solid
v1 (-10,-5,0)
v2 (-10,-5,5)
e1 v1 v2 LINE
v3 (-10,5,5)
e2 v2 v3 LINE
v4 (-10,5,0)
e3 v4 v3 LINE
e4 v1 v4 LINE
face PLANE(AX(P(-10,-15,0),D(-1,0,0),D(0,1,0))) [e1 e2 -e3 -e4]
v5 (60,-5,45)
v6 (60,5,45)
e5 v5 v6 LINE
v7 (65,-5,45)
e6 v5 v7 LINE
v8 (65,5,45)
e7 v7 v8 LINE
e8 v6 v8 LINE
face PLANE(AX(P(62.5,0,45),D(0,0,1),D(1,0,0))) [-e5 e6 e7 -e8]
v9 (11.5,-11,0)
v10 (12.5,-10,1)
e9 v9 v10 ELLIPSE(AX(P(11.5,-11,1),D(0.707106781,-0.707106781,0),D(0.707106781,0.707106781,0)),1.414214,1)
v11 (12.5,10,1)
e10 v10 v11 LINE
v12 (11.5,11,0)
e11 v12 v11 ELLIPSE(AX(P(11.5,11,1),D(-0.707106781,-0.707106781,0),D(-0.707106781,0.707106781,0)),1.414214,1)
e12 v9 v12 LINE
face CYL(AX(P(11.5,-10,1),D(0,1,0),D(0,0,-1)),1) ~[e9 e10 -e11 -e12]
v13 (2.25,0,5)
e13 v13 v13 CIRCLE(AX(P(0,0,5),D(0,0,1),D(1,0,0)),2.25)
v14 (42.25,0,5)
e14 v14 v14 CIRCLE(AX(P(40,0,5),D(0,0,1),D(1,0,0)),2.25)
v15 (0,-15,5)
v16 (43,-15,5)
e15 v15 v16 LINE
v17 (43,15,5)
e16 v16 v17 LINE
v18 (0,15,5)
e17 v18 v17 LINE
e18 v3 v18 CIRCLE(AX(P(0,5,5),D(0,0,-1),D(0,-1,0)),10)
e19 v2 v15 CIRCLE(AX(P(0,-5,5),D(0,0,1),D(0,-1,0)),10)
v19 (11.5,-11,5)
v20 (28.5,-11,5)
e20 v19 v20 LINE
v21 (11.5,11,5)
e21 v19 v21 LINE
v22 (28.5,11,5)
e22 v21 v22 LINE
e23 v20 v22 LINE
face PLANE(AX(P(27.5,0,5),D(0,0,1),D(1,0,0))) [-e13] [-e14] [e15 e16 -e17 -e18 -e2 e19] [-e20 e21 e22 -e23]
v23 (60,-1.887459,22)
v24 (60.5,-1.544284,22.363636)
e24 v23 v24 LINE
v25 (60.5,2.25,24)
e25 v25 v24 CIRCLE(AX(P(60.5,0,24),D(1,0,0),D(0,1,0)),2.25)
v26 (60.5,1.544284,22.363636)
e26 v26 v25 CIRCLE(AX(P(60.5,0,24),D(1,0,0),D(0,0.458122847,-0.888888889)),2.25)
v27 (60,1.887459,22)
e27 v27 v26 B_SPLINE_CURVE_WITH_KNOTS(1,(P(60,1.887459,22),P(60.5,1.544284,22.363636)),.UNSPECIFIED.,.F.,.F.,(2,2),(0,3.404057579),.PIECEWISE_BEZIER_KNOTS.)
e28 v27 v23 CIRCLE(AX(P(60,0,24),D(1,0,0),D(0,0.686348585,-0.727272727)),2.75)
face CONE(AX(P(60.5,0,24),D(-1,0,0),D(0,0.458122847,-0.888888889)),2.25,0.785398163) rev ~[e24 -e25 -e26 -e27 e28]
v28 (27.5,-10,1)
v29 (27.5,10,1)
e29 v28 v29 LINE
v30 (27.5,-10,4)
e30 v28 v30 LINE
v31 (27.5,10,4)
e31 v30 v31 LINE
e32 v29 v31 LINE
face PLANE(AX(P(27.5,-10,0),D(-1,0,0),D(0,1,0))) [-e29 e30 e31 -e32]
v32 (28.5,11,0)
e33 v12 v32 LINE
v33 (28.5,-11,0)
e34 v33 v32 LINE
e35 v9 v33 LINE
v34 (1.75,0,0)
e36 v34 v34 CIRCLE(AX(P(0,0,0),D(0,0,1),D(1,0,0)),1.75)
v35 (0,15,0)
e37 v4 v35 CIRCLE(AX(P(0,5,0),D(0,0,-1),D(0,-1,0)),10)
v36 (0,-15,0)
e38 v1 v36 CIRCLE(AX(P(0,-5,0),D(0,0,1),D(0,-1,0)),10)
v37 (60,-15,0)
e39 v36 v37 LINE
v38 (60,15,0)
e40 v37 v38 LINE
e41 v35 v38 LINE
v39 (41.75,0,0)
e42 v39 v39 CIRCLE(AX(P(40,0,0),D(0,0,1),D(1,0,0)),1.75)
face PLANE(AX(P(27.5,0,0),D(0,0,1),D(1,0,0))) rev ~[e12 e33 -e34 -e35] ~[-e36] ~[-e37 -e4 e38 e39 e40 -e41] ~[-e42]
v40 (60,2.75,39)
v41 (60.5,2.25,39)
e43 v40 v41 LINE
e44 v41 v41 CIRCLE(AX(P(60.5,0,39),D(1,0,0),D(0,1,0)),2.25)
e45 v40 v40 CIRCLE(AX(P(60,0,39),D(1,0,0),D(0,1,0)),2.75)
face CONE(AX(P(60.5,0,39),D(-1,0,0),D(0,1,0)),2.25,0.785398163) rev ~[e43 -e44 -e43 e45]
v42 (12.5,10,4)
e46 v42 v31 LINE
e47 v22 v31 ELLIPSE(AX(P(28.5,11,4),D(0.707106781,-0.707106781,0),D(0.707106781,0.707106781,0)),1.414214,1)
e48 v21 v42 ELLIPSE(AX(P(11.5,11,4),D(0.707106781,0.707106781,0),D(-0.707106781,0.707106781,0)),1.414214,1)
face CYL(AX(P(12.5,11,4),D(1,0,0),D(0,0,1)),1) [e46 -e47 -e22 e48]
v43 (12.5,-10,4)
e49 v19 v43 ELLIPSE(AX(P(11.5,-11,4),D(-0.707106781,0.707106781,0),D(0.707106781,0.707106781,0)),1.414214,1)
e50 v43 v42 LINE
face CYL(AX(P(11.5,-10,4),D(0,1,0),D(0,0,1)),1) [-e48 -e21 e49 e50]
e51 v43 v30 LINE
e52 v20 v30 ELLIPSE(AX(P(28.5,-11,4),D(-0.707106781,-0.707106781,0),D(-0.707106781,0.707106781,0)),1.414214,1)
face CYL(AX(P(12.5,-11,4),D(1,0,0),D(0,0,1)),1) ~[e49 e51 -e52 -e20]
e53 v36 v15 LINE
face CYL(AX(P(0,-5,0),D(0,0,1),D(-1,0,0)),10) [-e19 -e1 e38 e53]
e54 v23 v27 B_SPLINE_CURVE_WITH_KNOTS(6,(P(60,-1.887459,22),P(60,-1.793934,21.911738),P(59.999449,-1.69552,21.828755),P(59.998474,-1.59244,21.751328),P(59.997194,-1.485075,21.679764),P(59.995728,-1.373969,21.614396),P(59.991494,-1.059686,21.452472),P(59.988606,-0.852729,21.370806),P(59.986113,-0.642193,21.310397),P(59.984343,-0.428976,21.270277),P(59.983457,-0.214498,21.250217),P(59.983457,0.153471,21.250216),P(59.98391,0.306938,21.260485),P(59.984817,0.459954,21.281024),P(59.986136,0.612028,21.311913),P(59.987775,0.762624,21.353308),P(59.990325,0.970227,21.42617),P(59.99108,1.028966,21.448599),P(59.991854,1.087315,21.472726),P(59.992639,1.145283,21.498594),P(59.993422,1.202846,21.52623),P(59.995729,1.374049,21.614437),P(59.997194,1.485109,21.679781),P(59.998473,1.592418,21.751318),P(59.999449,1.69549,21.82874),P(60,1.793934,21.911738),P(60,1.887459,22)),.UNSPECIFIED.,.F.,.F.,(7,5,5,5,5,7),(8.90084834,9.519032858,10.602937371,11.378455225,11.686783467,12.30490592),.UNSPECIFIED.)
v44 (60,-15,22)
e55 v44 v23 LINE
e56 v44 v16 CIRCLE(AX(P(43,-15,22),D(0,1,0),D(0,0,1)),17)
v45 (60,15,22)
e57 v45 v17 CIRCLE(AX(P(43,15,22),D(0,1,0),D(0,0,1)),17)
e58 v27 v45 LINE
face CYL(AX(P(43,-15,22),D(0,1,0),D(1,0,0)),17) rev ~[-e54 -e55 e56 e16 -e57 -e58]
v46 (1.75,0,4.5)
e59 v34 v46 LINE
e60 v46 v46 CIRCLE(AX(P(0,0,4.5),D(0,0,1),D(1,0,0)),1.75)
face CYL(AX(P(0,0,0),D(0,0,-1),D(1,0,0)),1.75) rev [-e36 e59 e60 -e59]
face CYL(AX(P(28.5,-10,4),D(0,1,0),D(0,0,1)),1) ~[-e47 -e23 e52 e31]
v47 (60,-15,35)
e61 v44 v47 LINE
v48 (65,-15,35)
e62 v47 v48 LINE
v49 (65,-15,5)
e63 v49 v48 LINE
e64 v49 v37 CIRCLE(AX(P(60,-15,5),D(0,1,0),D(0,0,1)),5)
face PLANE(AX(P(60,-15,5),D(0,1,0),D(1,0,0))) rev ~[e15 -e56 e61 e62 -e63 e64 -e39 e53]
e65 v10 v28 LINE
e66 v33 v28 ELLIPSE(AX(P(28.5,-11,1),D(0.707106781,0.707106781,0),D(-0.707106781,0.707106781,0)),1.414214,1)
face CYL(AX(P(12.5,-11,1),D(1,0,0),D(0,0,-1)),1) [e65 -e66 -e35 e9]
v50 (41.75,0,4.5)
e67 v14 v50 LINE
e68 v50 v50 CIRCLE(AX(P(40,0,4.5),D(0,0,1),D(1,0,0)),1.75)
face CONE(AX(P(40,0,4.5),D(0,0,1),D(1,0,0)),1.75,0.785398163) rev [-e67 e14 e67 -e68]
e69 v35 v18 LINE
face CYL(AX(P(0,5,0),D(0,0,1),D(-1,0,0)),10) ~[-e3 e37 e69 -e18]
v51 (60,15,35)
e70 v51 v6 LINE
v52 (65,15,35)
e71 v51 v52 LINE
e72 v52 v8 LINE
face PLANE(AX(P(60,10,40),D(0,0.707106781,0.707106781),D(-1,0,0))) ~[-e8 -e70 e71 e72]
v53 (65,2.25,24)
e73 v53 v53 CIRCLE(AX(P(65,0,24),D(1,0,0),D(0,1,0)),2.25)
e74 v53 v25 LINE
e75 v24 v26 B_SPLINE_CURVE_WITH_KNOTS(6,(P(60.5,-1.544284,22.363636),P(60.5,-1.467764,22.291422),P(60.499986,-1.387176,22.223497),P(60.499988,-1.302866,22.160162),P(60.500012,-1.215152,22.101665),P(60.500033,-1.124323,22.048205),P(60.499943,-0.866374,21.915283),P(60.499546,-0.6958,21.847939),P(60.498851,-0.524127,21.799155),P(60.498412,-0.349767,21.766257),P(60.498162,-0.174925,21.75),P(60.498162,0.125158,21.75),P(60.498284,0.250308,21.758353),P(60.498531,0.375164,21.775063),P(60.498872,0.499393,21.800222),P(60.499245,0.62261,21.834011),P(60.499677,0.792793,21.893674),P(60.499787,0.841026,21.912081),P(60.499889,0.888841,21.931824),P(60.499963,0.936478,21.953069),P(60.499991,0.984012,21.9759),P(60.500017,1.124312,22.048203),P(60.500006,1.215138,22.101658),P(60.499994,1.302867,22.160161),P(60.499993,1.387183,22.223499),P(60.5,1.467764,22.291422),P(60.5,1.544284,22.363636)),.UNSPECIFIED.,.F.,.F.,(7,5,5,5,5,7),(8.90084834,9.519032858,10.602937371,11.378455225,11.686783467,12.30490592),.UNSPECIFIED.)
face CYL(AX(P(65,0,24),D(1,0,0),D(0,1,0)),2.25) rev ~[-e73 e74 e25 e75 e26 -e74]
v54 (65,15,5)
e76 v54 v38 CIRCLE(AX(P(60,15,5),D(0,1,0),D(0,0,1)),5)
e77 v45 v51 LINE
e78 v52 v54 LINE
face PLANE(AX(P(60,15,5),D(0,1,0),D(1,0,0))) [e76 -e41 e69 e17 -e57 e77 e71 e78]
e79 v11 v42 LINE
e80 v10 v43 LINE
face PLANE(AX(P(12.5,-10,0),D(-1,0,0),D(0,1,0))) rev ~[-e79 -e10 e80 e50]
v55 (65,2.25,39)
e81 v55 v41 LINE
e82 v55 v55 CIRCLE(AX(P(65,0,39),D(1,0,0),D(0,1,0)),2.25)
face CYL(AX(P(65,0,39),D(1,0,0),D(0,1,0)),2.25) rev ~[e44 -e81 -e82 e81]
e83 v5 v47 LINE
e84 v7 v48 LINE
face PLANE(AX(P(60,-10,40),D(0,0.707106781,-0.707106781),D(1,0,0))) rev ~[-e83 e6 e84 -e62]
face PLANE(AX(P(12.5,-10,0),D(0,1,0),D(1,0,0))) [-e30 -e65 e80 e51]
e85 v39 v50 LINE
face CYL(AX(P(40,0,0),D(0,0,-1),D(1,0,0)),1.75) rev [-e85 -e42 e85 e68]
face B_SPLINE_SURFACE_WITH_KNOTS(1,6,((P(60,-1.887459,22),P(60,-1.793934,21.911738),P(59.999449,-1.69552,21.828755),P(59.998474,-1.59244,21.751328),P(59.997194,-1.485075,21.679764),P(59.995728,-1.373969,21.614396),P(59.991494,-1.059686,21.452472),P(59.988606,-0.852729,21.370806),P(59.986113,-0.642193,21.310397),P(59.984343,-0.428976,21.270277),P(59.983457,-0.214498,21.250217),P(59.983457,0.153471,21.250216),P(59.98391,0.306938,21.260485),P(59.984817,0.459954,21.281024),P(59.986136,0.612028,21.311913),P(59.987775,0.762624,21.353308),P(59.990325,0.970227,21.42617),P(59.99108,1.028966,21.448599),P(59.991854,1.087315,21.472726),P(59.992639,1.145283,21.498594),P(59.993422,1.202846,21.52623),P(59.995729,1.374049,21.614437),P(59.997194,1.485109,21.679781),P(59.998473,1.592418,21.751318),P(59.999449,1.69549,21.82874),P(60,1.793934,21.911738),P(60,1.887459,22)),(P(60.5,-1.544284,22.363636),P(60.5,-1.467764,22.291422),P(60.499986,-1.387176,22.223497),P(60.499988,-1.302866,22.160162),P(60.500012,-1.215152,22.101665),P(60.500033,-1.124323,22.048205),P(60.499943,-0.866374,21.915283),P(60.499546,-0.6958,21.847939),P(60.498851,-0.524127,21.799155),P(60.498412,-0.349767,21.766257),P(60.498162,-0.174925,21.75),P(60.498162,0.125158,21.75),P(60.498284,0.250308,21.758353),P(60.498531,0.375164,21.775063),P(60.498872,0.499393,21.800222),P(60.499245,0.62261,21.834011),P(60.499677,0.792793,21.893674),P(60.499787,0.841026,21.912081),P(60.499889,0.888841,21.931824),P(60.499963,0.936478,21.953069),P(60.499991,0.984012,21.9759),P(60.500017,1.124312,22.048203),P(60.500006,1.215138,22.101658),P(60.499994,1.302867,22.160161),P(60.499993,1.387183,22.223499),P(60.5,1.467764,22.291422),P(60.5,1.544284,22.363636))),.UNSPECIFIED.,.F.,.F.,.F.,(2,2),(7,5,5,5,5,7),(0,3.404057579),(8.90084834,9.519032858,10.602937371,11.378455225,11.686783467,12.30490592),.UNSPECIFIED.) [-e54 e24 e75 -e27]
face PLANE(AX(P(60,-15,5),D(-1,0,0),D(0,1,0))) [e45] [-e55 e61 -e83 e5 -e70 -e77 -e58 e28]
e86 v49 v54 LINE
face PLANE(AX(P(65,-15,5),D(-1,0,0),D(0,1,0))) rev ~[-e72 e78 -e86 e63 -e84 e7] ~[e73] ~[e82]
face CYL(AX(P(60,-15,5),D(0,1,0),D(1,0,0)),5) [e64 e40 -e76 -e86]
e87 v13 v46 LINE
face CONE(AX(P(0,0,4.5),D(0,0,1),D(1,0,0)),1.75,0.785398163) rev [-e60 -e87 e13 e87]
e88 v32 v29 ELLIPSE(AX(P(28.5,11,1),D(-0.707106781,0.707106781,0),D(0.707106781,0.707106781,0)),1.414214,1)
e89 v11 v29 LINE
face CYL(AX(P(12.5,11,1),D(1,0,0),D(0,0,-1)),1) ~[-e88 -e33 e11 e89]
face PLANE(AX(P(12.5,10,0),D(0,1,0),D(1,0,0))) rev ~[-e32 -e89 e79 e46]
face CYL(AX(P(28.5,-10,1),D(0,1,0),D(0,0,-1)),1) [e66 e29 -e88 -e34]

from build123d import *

# Parameters (mm, degrees)
SKETCH_W        = 75
SKETCH_H        = 30
SKETCH_R        = 1.75
SKETCH_W_2      = 15
SKETCH_H_2      = 20
PAD_DEPTH       = 5
FILLET_R        = 10
FILLET001_R     = 1
SKETCH001_W     = 5
SKETCH001_H     = 30
PAD001_DEPTH    = 40
FILLET002_R     = 5
FILLET003_R     = 17
SKETCH002_R     = 2.25
POCKET_DEPTH    = 75.001
CHAMFER_SIZE    = 10
CHAMFER001_SIZE = 0.5


with BuildPart() as part:
    # Sketch → Pad (new body)
    with BuildSketch(Plane.XY):
        with Locations((27.5, 0)):
            Rectangle(SKETCH_W, SKETCH_H)
        Circle(SKETCH_R, mode=Mode.SUBTRACT)
        with Locations((40, 0)):
            Circle(SKETCH_R, mode=Mode.SUBTRACT)
        with Locations((20, 0)):
            Rectangle(SKETCH_W_2, SKETCH_H_2, mode=Mode.SUBTRACT)
    extrude(amount=PAD_DEPTH)

    # Fillet
    fillet_edges = [part.edges().sort_by_distance(p)[0] for p in [
        (-10, 15, 2.5),
        (-10, -15, 2.5),
    ]]
    fillet(fillet_edges, radius=FILLET_R)

    # Fillet001
    fillet001_edges = [part.edges().sort_by_distance(p)[0] for p in [
        (12.5, 0, 5),
        (12.5, 0, 0),
        (20, 10, 0),
        (20, 10, 5),
        (27.5, 0, 5),
        (20, -10, 5),
        (27.5, 0, 0),
        (20, -10, 0),
    ]]
    fillet(fillet001_edges, radius=FILLET001_R)

    # Sketch001 (on Face18 of Fillet001) → Pad001 (join)
    with BuildSketch(Plane.XY.offset(5)):
        with Locations((62.5, 0)):
            Rectangle(SKETCH001_W, SKETCH001_H)
    extrude(amount=PAD001_DEPTH)

    # Fillet002
    fillet002_edges = [part.edges().sort_by_distance(p)[0] for p in [
        (65, 0, 0),
    ]]
    fillet(fillet002_edges, radius=FILLET002_R)

    # Fillet003
    fillet003_edges = [part.edges().sort_by_distance(p)[0] for p in [
        (60, 0, 5),
    ]]
    fillet(fillet003_edges, radius=FILLET003_R)

    # Sketch002 (on Face9 of Fillet003) → Pocket (cut, through all)
    with BuildSketch(Plane.YZ.offset(65)):
        with Locations((0, 39)):
            Circle(SKETCH002_R)
        with Locations((0, 24)):
            Circle(SKETCH002_R)
    extrude(amount=-POCKET_DEPTH, mode=Mode.SUBTRACT)

    # Chamfer
    chamfer_edges = [part.edges().sort_by_distance(p)[0] for p in [
        (62.5, -15, 45),
        (62.5, 15, 45),
    ]]
    chamfer(chamfer_edges, length=CHAMFER_SIZE)

    # Chamfer001
    chamfer001_edges = [part.edges().sort_by_distance(p)[0] for p in [
        (60, -2.25, 39),
        (60, -1.171165, 25.921165),
        (60, 1.921165, 22.828835),
        (38.25, 0, 5),
        (-1.75, 0, 5),
    ]]
    chamfer(chamfer001_edges, length=CHAMFER001_SIZE)


solid = part.part
